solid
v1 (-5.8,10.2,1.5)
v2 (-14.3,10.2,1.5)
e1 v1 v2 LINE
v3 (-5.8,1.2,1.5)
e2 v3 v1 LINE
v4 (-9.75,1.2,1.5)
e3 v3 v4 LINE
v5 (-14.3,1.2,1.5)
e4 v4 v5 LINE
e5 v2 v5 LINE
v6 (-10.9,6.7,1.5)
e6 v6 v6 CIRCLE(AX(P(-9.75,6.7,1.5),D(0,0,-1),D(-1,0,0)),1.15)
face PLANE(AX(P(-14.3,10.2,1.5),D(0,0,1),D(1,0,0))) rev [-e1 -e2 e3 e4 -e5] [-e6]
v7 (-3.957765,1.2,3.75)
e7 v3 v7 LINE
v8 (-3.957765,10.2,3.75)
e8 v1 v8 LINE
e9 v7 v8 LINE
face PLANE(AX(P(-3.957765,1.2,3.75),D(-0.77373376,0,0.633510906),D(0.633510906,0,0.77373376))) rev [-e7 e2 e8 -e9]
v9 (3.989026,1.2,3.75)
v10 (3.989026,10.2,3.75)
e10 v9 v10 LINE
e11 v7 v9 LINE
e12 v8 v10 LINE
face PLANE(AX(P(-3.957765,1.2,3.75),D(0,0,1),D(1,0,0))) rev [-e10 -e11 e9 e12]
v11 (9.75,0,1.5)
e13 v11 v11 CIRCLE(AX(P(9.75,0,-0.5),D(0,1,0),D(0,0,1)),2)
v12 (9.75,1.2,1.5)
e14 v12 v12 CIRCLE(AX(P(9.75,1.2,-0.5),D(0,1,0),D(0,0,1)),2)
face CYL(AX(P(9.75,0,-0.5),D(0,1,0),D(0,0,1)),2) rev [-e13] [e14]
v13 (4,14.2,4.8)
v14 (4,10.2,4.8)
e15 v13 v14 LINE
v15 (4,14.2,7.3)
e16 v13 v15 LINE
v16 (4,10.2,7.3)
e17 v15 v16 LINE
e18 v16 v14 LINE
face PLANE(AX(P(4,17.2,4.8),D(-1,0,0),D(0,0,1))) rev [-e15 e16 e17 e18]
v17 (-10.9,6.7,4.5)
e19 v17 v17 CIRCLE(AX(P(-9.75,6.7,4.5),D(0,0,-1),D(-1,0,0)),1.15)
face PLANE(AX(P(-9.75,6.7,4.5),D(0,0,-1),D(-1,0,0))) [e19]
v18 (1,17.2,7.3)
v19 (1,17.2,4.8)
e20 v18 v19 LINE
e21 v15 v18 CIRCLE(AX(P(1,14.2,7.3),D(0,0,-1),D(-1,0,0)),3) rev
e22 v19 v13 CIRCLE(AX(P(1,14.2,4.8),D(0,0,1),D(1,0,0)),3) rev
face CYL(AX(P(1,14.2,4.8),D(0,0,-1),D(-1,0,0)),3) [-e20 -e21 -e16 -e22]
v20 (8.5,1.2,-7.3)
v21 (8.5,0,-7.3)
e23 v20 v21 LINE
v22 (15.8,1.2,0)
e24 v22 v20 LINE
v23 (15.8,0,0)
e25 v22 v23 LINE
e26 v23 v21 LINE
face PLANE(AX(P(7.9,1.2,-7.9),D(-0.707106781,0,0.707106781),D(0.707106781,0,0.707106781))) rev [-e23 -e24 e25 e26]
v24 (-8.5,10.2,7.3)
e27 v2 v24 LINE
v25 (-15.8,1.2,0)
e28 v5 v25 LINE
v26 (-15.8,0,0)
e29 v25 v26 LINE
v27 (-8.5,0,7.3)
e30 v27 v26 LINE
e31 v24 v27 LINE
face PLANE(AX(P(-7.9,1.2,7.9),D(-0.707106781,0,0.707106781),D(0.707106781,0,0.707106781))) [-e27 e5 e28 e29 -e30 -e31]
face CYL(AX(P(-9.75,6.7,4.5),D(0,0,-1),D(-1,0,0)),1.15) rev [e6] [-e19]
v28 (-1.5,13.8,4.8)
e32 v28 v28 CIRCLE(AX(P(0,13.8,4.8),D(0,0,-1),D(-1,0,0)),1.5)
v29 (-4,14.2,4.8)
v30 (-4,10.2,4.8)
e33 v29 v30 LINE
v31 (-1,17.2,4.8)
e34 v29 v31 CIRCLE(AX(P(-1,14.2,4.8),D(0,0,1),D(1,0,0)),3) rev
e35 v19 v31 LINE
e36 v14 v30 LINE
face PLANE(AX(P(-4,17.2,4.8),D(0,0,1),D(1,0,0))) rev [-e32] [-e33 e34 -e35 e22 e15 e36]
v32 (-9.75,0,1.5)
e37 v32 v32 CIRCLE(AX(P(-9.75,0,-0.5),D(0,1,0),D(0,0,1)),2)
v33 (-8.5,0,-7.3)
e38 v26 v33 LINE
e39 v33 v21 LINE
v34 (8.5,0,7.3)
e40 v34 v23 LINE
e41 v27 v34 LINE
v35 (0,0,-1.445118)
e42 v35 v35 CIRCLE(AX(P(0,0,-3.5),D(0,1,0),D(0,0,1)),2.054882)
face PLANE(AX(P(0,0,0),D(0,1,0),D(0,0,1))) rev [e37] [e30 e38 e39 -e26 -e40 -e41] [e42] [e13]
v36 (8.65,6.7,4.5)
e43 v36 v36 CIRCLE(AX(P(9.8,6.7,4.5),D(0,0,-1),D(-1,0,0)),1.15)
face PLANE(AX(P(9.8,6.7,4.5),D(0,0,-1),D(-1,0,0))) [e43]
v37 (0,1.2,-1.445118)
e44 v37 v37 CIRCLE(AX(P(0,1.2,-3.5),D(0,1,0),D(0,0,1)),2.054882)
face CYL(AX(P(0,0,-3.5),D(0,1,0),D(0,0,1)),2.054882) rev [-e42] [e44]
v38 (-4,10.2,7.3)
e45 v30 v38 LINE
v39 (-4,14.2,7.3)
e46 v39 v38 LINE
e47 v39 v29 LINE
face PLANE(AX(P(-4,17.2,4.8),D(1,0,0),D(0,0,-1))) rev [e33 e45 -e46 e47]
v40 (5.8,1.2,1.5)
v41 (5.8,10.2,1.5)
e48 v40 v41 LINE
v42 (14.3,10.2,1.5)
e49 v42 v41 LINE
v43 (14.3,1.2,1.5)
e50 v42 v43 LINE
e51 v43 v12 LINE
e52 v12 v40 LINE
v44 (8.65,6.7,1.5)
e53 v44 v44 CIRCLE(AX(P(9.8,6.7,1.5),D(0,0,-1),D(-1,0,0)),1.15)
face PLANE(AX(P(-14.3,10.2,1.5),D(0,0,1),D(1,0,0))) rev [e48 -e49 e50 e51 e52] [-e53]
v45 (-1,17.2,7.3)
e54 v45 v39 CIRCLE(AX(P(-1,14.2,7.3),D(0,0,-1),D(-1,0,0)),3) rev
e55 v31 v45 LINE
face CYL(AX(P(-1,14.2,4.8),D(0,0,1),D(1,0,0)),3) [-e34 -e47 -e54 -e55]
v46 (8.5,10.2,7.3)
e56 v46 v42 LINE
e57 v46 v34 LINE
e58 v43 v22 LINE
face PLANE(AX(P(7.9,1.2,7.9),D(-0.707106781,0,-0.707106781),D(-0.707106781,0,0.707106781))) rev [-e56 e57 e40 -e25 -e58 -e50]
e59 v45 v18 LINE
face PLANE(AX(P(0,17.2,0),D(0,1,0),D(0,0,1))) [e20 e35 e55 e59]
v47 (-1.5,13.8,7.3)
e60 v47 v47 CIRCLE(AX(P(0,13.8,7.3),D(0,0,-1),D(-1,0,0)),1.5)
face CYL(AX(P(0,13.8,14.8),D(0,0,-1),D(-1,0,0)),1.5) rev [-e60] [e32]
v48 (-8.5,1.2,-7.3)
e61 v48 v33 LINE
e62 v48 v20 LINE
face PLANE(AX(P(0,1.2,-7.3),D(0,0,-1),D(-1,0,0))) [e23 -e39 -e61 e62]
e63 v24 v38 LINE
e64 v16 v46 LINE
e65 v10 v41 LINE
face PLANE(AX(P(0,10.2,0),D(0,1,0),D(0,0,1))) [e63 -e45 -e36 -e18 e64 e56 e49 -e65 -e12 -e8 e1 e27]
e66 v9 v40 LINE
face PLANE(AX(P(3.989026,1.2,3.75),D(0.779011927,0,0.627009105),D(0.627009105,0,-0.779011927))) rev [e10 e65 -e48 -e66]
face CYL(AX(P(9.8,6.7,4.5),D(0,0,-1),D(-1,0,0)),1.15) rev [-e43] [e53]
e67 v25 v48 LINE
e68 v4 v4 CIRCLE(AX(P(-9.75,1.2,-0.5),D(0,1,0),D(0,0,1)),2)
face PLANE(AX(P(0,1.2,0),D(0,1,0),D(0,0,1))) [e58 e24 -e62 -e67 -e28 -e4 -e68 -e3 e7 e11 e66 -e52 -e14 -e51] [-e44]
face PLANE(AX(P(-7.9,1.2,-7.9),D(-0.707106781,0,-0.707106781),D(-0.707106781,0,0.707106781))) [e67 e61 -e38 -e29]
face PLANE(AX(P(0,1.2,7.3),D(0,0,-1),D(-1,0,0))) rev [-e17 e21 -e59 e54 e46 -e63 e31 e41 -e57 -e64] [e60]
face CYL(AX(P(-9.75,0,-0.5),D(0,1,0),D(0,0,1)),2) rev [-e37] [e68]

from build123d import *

# Parameters (mm, degrees)
ESBO_O1_W                = 17
ESBO_O1_H                = 14.6
RESSALTO_EXTRUS_O1_DEPTH = 1.2
ESBO_O2_R                = 2
ESBO_O2_R_2              = 2.054882152
CORTE_EXTRUS_O3_DEPTH    = 18.446203025
RESSALTO_EXTRUS_O4_DEPTH = 9
ESBO_O8_R                = 1.15
CORTE_EXTRUS_O4_DEPTH    = 3
ESBO_O10_W               = 8
ESBO_O10_H               = 2.5
RESSALTO_EXTRUS_O5_DEPTH = 7
ESBO_O11_R               = 1.5
CORTE_EXTRUS_O5_DEPTH    = 10
CORTE_EXTRUS_O8_DEPTH    = 9
FILETE1_R                = 3
FILETE2_R                = 3


with BuildPart() as part:
    # Esboço1 → Ressalto-extrusão1 (new body)
    with BuildSketch(Plane(origin=(0, 0, 0), x_dir=(1, 0, 0), z_dir=(0, 1, 0))):
        Rectangle(ESBO_O1_W, ESBO_O1_H)
        Polygon((-15.8, 0), (-8.5, 7.3), (-8.5, -7.3), align=None)
        Polygon((8.5, -7.3), (15.8, 0), (8.5, 7.3), align=None)
    extrude(amount=RESSALTO_EXTRUS_O1_DEPTH)

    # Esboço2 → Corte-extrusão3 (cut, through all)
    with BuildSketch(Plane(origin=(0, 1.2, 0), x_dir=(1, 0, 0), z_dir=(0, 1, 0))):
        with Locations(Location((-9.75, 0.5, 0), (0, 0, 270))):
            Circle(ESBO_O2_R)
        with Locations(Location((0, 3.5, 0), (0, 0, 270))):
            Circle(ESBO_O2_R_2)
        with Locations(Location((9.75, 0.5, 0), (0, 0, 270))):
            Circle(ESBO_O2_R)
    extrude(amount=-CORTE_EXTRUS_O3_DEPTH, mode=Mode.SUBTRACT)

    # Esboço6 → Ressalto-extrusão4 (add)
    with BuildSketch(Plane(origin=(0, 1.2, 0), x_dir=(1, 0, 0), z_dir=(0, 1, 0))):
        Polygon((-14.3, -1.5), (14.3, -1.5), (8.5, -7.3), (-8.5, -7.3), align=None)
    extrude(amount=RESSALTO_EXTRUS_O4_DEPTH)

    # Esboço8 → Corte-extrusão4 (cut)
    with BuildSketch(Plane(origin=(0, 0, 1.5), x_dir=(-1, 0, 0), z_dir=(0, 0, -1))):
        with Locations((-9.8, 6.7)):
            Circle(ESBO_O8_R)
        with Locations((9.75, 6.7)):
            Circle(ESBO_O8_R)
    extrude(amount=-CORTE_EXTRUS_O4_DEPTH, mode=Mode.SUBTRACT)

    # Esboço10 → Ressalto-extrusão5 (add)
    with BuildSketch(Plane(origin=(0, 10.2, 0), x_dir=(1, 0, 0), z_dir=(0, 1, 0))):
        with Locations((0, -6.05)):
            Rectangle(ESBO_O10_W, ESBO_O10_H)
    extrude(amount=RESSALTO_EXTRUS_O5_DEPTH)

    # Esboço11 → Corte-extrusão5 (cut)
    with BuildSketch(Plane(origin=(0, 0, 4.8), x_dir=(-1, 0, 0), z_dir=(0, 0, -1))):
        with Locations((0, 13.8)):
            Circle(ESBO_O11_R)
    extrude(amount=-CORTE_EXTRUS_O5_DEPTH, mode=Mode.SUBTRACT)

    # Esboço12 → Corte-extrusão8 (cut)
    with BuildSketch(Plane(origin=(0, 10.2, 0), x_dir=(1, 0, 0), z_dir=(0, 1, 0))):
        Polygon((-3.957764838, -3.75), (-5.8, -1.5), (5.8, -1.5), (3.98902582, -3.75), align=None)
    extrude(amount=-CORTE_EXTRUS_O8_DEPTH, mode=Mode.SUBTRACT)

    # Filete1
    filete1_edges = [part.edges().sort_by_distance(p)[0] for p in [
        (4, 17.2, 6.05),
    ]]
    fillet(filete1_edges, radius=FILETE1_R)

    # Filete2
    filete2_edges = [part.edges().sort_by_distance(p)[0] for p in [
        (-4, 17.2, 6.05),
    ]]
    fillet(filete2_edges, radius=FILETE2_R)


solid = part.part
